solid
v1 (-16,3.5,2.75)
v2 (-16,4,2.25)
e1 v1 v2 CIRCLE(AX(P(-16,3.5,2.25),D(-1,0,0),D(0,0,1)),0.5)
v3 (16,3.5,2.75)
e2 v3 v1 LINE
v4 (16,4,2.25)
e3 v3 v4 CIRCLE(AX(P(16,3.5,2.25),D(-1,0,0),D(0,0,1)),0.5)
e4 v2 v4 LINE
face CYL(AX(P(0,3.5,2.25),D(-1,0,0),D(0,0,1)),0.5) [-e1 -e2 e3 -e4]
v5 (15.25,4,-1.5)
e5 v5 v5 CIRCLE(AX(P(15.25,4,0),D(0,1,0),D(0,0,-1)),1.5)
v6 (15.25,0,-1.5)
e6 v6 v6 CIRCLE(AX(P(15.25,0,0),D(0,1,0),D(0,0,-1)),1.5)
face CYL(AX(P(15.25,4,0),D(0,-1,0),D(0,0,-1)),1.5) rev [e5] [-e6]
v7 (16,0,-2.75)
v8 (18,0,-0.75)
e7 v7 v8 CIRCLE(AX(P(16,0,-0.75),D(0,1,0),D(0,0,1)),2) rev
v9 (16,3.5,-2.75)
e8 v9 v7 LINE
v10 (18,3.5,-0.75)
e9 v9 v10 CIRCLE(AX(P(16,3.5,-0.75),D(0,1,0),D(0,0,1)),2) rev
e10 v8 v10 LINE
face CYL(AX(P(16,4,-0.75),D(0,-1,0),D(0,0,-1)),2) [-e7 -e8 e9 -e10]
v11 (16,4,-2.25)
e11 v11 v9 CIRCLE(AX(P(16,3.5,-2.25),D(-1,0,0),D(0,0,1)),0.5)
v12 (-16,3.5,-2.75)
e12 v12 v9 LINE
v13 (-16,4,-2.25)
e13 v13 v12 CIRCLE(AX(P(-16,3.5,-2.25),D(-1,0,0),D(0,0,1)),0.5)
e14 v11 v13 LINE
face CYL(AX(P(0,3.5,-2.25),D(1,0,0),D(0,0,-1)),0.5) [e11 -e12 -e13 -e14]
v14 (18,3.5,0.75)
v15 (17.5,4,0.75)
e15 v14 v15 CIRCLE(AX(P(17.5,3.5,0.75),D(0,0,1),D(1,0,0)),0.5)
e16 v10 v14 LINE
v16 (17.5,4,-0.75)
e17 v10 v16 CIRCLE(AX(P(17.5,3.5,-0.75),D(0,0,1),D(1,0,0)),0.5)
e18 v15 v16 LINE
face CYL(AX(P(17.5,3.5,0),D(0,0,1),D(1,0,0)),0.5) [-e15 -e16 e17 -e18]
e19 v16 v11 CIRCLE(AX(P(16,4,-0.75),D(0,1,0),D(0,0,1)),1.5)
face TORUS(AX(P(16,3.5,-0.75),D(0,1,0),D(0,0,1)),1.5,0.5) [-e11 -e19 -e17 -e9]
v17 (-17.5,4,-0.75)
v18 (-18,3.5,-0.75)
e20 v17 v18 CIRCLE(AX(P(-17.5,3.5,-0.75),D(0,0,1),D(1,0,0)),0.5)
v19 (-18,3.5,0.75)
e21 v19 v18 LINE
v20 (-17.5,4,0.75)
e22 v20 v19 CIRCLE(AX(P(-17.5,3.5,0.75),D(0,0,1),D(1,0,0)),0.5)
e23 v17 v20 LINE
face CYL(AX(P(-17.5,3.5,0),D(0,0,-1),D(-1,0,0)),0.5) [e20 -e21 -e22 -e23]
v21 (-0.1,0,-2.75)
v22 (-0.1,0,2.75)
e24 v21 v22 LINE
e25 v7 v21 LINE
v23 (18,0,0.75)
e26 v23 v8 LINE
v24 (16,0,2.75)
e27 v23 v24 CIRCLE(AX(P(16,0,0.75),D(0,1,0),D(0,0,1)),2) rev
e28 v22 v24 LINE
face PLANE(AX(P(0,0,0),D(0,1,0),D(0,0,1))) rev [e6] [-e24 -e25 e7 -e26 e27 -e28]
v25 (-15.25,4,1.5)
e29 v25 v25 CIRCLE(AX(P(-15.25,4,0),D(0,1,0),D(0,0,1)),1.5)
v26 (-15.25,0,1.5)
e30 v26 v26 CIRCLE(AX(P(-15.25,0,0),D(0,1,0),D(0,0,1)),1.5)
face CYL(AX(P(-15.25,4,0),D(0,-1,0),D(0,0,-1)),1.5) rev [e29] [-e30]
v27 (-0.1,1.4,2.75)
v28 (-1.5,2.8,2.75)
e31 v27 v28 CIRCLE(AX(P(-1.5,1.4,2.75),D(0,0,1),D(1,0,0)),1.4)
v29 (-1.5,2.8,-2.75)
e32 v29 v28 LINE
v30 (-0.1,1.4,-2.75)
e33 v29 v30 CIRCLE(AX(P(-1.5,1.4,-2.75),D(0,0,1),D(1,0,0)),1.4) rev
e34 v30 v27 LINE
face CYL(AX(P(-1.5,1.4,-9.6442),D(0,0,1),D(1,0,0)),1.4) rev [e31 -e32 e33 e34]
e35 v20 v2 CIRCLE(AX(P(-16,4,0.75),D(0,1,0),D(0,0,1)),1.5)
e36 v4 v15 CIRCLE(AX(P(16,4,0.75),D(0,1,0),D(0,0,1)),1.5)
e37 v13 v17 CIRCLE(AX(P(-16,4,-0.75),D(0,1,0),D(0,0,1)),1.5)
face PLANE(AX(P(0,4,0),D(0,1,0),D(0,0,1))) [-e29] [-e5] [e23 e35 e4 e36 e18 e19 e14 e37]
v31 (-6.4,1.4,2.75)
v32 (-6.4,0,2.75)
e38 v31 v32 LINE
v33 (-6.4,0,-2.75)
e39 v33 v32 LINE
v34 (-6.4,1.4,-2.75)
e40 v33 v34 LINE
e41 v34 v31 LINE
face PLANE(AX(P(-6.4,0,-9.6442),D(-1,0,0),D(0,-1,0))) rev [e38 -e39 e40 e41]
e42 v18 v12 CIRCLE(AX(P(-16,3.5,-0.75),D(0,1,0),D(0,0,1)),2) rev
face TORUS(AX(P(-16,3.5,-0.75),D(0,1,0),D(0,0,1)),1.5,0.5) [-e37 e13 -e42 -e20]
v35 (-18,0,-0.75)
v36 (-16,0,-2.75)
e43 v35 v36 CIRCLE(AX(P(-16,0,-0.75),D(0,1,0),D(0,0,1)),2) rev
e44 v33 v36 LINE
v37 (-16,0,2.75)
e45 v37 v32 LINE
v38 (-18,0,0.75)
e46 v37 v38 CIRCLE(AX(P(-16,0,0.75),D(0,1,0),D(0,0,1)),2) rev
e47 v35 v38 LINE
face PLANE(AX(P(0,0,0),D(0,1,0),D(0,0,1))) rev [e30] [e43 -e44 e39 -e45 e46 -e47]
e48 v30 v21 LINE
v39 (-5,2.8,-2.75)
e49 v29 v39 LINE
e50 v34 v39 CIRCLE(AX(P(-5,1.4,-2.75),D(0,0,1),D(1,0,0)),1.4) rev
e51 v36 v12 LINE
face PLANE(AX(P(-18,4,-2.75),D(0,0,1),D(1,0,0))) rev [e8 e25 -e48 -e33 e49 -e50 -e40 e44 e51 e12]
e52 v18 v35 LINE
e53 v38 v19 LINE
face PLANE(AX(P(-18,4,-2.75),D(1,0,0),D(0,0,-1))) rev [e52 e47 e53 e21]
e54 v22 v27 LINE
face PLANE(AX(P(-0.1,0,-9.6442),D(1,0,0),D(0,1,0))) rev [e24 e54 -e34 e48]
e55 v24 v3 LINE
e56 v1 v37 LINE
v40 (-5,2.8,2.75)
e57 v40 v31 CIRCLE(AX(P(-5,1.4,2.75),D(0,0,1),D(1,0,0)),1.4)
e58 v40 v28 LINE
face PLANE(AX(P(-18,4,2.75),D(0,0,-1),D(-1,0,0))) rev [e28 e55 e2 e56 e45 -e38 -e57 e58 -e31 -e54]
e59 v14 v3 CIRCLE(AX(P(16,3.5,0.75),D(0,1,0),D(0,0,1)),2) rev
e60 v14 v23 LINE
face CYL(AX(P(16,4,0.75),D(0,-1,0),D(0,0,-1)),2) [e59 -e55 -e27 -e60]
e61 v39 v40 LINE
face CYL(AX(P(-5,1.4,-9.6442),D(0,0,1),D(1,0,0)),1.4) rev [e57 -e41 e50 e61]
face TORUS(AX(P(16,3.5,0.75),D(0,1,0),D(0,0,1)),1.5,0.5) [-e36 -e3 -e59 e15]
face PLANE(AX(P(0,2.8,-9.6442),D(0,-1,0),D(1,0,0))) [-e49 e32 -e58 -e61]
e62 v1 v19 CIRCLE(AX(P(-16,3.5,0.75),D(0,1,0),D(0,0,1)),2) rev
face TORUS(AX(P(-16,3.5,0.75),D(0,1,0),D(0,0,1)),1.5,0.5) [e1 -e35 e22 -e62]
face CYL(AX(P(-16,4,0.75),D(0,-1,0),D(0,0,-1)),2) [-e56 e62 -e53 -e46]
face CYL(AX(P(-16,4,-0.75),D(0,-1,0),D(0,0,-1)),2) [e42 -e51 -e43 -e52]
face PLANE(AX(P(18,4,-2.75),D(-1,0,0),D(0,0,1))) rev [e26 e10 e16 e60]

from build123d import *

# Parameters (mm, degrees)
SKETCH2_W           = 36
SKETCH2_H           = 5.5
SKETCH2_R           = 1.5
BOSS_EXTRUDE1_DEPTH = 4
SKETCH3_R           = 1.4
CUT_EXTRUDE1_DEPTH  = 5.5
FILLET1_R           = 2
FILLET2_R           = 0.5


with BuildPart() as part:
    # Sketch2 → Boss-Extrude1 (new body)
    with BuildSketch(Plane(origin=(0, 0, 0), x_dir=(1, 0, 0), z_dir=(0, 1, 0))):
        Rectangle(SKETCH2_W, SKETCH2_H)
        with Locations((-15.25, 0)):
            Circle(SKETCH2_R, mode=Mode.SUBTRACT)
        with Locations((15.25, 0)):
            Circle(SKETCH2_R, mode=Mode.SUBTRACT)
    extrude(amount=BOSS_EXTRUDE1_DEPTH)

    # Sketch3 → Cut-Extrude1 (cut)
    with BuildSketch(Plane.XY.offset(2.75)):
        with Locations((-5, 1.4)):
            Circle(SKETCH3_R)
        with BuildLine():
            ThreePointArc((-5.000000005, 0), (-5.989949495, 0.410050508), (-6.4, 1.4))
            Line((-6.4, 1.4), (-6.4, 0))
            Line((-6.4, 0), (-5.000000005, 0))
        make_face()
        with BuildLine():
            Line((-3.6, 0), (-3.6, 1.4))
            ThreePointArc((-3.6, 1.4), (-4.010050508, 0.410050505), (-5.000000005, 0))
            Line((-5.000000005, 0), (-3.6, 0))
        make_face()
        with BuildLine():
            Line((-1.5, 2.8), (-5, 2.8))
            ThreePointArc((-5, 2.8), (-4.010050506, 2.389949494), (-3.6, 1.4))
            Line((-3.6, 1.4), (-3.6, 0))
            Line((-3.6, 0), (-2.9, 0))
            Line((-2.9, 0), (-2.9, 1.4))
            ThreePointArc((-2.9, 1.4), (-2.489949494, 2.389949494), (-1.5, 2.8))
        make_face()
        with BuildLine():
            ThreePointArc((-1.500000004, 0), (-2.489949495, 0.410050508), (-2.9, 1.4))
            Line((-2.9, 1.4), (-2.9, 0))
            Line((-2.9, 0), (-1.500000004, 0))
        make_face()
        with Locations((-1.5, 1.4)):
            Circle(SKETCH3_R)
        with BuildLine():
            Line((-0.1, 0), (-0.1, 1.4))
            ThreePointArc((-0.1, 1.4), (-0.510050508, 0.410050505), (-1.500000004, 0))
            Line((-1.500000004, 0), (-0.1, 0))
        make_face()
    extrude(amount=-CUT_EXTRUDE1_DEPTH, mode=Mode.SUBTRACT)

    # Fillet1
    fillet1_edges = [part.edges().sort_by_distance(p)[0] for p in [
        (18, 2, 2.75),
        (-18, 2, 2.75),
        (-18, 2, -2.75),
        (18, 2, -2.75),
    ]]
    fillet(fillet1_edges, radius=FILLET1_R)

    # Fillet2
    fillet2_edges = [part.edges().sort_by_distance(p)[0] for p in [
        (0, 4, -2.75),
        (18, 4, 0),
        (-18, 4, 0),
        (0, 4, 2.75),
        (-17.414213562, 4, 2.164213562),
        (-17.414213562, 4, -2.164213562),
        (17.414213562, 4, 2.164213562),
        (17.414213562, 4, -2.164213562),
    ]]
    fillet(fillet2_edges, radius=FILLET2_R)


solid = part.part
